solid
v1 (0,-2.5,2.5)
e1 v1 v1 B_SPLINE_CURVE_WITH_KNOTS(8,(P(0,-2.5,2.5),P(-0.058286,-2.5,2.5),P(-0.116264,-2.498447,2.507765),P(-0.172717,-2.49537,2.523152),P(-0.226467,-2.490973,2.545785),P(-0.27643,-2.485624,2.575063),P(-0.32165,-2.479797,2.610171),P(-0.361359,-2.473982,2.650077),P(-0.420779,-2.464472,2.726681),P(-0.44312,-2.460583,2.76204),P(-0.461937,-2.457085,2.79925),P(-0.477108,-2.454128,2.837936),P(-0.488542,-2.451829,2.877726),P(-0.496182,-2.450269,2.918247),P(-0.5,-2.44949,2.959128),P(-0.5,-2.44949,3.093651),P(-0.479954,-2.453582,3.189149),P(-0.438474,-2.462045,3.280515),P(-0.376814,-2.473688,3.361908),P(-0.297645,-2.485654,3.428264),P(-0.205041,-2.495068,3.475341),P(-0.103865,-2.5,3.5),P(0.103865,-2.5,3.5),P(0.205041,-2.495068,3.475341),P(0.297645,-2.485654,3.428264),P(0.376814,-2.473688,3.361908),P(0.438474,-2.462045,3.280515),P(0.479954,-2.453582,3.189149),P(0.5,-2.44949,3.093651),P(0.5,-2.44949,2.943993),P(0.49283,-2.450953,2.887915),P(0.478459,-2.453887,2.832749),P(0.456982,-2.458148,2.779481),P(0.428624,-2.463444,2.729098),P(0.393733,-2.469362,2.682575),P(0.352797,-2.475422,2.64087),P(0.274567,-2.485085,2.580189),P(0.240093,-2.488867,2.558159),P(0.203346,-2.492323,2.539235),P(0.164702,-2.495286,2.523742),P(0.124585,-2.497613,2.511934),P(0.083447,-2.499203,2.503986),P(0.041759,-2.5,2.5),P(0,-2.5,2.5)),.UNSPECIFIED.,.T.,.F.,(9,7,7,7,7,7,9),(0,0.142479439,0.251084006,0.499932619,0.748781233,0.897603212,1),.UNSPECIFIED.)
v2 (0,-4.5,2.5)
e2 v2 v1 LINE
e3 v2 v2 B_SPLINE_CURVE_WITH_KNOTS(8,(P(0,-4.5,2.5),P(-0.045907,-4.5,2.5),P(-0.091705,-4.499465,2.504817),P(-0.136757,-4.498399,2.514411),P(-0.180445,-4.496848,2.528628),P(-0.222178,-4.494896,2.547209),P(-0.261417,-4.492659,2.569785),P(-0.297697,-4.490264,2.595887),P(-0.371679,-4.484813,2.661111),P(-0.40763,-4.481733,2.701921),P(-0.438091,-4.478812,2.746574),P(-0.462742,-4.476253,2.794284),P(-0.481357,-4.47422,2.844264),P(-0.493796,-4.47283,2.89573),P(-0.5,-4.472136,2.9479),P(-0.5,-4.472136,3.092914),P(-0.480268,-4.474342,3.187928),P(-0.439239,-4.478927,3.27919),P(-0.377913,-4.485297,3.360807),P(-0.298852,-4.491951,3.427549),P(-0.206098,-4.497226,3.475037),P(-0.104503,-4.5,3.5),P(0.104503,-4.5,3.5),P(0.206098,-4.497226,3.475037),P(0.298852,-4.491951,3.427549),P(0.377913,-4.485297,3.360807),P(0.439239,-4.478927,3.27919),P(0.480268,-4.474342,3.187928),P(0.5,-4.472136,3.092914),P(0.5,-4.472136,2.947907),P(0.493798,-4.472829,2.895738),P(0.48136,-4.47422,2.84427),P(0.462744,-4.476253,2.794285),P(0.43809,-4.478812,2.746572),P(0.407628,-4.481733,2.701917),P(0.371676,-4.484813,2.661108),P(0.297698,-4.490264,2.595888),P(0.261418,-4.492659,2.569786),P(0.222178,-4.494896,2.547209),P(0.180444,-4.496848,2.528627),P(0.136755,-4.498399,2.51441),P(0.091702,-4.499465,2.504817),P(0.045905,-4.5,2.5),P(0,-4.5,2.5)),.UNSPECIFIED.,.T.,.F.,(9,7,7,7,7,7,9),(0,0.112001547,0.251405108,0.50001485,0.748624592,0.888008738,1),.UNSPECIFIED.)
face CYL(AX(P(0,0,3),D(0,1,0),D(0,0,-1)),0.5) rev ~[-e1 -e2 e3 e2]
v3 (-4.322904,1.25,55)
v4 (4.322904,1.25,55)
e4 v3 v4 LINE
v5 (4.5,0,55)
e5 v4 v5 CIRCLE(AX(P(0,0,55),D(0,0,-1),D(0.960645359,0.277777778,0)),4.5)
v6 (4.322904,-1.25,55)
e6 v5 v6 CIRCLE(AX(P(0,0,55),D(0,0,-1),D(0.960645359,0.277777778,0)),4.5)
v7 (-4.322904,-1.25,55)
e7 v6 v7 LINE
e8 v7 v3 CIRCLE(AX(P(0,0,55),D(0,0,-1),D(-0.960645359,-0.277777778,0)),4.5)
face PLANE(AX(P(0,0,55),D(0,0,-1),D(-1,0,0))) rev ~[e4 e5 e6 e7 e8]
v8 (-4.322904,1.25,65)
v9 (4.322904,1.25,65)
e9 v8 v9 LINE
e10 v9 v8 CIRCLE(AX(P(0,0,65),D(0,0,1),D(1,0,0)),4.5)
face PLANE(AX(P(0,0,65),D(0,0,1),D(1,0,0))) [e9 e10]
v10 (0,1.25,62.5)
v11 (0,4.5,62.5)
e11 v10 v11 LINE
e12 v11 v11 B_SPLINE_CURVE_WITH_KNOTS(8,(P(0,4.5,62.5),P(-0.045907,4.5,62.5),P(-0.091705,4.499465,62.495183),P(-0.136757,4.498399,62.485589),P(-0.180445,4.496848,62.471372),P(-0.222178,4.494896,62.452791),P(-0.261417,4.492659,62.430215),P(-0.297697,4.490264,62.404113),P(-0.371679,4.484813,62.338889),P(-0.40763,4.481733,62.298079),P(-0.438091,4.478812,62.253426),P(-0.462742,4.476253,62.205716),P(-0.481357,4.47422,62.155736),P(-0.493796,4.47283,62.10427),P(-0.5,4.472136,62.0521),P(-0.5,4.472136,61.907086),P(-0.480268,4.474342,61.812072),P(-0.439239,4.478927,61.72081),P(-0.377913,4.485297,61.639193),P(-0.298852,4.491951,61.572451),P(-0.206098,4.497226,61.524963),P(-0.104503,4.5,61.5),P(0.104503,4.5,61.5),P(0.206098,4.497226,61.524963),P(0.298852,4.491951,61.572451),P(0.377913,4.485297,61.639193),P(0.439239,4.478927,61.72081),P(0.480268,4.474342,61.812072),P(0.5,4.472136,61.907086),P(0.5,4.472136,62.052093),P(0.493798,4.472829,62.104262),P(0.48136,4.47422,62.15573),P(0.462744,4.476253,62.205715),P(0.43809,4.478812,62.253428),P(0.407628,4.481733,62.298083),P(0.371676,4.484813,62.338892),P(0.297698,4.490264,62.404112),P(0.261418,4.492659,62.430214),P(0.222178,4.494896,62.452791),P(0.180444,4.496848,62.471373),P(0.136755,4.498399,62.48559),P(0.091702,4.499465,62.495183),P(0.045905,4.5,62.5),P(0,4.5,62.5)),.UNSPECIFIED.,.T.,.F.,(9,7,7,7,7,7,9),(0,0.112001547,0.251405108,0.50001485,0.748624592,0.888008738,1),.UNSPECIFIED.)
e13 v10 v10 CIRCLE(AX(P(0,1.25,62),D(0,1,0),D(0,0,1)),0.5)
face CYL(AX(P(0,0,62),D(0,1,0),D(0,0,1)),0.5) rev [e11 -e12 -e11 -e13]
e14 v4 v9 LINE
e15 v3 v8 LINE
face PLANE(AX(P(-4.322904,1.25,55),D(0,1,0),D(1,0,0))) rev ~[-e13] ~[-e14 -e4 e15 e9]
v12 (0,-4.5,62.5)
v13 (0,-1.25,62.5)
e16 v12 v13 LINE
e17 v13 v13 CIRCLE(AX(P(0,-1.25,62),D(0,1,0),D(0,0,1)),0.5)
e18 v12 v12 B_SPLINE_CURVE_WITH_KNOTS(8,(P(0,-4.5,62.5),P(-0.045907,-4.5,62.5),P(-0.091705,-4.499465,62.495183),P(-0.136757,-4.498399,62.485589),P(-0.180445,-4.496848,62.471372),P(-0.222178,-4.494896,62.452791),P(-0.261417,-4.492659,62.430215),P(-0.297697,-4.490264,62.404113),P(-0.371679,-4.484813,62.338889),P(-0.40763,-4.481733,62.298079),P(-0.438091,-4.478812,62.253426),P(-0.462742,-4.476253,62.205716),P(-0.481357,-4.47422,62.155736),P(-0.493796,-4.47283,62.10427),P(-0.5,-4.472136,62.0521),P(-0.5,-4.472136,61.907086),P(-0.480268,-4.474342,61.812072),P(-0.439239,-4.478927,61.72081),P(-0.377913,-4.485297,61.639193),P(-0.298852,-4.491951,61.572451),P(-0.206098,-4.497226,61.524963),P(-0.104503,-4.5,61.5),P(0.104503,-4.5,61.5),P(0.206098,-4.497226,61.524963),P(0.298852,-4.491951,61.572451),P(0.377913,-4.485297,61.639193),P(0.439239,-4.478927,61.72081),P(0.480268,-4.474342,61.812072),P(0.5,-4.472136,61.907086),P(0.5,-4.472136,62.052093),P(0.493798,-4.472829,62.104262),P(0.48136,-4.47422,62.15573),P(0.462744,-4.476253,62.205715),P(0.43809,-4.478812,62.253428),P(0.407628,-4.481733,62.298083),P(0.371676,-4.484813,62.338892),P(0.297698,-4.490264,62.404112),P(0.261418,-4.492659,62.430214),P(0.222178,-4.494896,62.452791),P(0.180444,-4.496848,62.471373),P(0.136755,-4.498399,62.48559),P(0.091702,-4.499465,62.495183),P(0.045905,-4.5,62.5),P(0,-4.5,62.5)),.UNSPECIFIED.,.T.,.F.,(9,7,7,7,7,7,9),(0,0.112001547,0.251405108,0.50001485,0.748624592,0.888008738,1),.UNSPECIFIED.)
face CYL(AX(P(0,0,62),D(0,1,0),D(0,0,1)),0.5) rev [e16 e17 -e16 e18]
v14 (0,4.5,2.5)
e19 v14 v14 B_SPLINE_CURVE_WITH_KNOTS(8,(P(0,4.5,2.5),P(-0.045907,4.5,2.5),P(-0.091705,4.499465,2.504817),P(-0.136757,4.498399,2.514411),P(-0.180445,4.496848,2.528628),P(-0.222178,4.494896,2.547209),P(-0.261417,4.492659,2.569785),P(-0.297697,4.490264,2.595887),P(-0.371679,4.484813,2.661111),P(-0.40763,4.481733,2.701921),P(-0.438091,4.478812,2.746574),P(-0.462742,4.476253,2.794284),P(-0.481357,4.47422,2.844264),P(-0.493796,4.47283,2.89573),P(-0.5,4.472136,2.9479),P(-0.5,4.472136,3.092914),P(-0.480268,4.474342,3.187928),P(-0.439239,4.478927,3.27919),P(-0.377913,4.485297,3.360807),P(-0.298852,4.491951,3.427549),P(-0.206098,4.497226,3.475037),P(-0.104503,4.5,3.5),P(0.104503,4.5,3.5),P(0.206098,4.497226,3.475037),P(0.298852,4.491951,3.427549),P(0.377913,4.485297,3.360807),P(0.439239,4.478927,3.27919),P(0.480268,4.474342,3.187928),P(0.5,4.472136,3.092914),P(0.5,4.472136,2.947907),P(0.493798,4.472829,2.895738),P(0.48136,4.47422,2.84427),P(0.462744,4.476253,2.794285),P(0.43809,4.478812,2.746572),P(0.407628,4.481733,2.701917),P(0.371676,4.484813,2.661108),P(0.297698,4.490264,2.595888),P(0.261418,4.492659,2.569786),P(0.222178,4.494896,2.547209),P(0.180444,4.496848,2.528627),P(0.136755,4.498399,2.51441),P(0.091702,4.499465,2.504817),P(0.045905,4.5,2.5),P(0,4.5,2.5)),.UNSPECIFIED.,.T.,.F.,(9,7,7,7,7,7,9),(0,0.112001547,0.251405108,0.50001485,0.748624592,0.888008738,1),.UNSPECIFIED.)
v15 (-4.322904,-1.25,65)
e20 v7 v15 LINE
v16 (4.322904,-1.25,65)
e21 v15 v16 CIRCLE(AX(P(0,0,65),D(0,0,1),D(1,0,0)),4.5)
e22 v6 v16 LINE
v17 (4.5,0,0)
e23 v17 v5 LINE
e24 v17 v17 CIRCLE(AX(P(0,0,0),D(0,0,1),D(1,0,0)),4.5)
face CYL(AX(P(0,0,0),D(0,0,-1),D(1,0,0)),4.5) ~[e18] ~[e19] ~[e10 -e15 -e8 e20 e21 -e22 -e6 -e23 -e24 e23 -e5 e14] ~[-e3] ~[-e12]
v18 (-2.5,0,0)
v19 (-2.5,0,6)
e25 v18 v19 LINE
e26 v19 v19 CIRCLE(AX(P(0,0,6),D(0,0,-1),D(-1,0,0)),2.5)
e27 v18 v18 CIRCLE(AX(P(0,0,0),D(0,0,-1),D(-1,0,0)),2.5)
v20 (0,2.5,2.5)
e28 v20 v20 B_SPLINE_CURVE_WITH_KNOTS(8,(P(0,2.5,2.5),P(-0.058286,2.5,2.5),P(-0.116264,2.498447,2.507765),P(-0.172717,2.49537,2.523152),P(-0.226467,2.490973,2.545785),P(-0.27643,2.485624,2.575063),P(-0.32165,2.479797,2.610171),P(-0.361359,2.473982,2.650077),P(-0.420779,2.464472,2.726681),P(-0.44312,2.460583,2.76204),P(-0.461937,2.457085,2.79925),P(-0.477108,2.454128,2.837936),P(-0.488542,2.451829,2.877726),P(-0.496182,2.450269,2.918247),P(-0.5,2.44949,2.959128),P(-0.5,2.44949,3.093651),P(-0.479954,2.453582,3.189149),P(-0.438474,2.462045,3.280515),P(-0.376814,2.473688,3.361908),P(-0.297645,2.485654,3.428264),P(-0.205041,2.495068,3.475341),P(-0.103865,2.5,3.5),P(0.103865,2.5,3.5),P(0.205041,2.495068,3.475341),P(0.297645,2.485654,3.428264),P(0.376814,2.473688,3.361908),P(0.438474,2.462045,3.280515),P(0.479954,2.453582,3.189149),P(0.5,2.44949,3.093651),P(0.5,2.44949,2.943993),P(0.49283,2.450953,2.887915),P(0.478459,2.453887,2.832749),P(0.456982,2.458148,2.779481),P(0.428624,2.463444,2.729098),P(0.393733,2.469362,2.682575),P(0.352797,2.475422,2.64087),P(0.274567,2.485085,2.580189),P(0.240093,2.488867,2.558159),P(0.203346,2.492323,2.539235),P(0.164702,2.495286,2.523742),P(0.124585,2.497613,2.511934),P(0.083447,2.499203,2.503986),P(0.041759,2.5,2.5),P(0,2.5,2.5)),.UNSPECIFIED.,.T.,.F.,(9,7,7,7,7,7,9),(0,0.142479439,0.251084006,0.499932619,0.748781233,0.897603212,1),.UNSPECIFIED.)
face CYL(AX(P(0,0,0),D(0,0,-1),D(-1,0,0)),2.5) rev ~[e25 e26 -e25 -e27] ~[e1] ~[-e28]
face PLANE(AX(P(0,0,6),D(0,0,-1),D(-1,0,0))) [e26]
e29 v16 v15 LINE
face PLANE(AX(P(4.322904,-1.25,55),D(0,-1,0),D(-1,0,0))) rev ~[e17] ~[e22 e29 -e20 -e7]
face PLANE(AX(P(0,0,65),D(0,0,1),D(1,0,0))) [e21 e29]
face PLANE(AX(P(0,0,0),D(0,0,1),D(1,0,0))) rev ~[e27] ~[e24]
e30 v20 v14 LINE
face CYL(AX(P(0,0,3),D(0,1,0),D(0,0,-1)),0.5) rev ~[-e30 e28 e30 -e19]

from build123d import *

# Parameters (mm, degrees)
SZKIC1_R                    = 4.5
DODANIE_WYCI_GNI_CIE1_DEPTH = 65
WYTNIJ_WYCI_GNI_CIE1_START  = -10
WYTNIJ_WYCI_GNI_CIE1_DEPTH  = 10
SZKIC3_R                    = 2.5
WYTNIJ_WYCI_GNI_CIE3_DEPTH  = 6
SZKIC4_R                    = 0.5
WYTNIJ_WYCI_GNI_CIE4_DEPTH  = 66.310795432


with BuildPart() as part:
    # Szkic1 → Dodanie-wyciągnięcie1 (new body)
    with BuildSketch(Plane.XY):
        Circle(SZKIC1_R)
    extrude(amount=DODANIE_WYCI_GNI_CIE1_DEPTH)

    # Szkic2 → Wytnij-wyciągnięcie1 (cut)
    with BuildSketch(Plane.XY.offset(65).offset(WYTNIJ_WYCI_GNI_CIE1_START)):
        with BuildLine():
            Line((-4.322904116, 1.25), (4.322904116, 1.25))
            ThreePointArc((4.322904116, 1.25), (4.5, 0), (4.322904116, -1.25))
            Line((4.322904116, -1.25), (-4.322904116, -1.25))
            ThreePointArc((-4.322904116, -1.25), (-4.5, 0), (-4.322904116, 1.25))
        make_face()
    extrude(amount=WYTNIJ_WYCI_GNI_CIE1_DEPTH, mode=Mode.SUBTRACT)

    # Szkic3 → Wytnij-wyciągnięcie3 (cut)
    with BuildSketch(Plane(origin=(0, 0, 0), x_dir=(-1, 0, 0), z_dir=(0, 0, -1))):
        Circle(SZKIC3_R)
    extrude(amount=-WYTNIJ_WYCI_GNI_CIE3_DEPTH, mode=Mode.SUBTRACT)

    # Szkic4 → Wytnij-wyciągnięcie4 (cut, symmetric)
    with BuildSketch(Plane(origin=(0, 0, 0), x_dir=(1, 0, 0), z_dir=(0, 1, 0))):
        with Locations(Location((0, -3, 0), (0, 0, 90))):
            Circle(SZKIC4_R)
    wytnij_wyci_gni_cie4 = extrude(amount=WYTNIJ_WYCI_GNI_CIE4_DEPTH, both=True, mode=Mode.SUBTRACT)

    # Lustro1: Wytnij-wyciągnięcie4 across plane
    add(wytnij_wyci_gni_cie4.mirror(Plane(origin=(0, 0, 32.5), x_dir=(1, 0, 0), z_dir=(0, 0, -1))), mode=Mode.SUBTRACT)


solid = part.part
